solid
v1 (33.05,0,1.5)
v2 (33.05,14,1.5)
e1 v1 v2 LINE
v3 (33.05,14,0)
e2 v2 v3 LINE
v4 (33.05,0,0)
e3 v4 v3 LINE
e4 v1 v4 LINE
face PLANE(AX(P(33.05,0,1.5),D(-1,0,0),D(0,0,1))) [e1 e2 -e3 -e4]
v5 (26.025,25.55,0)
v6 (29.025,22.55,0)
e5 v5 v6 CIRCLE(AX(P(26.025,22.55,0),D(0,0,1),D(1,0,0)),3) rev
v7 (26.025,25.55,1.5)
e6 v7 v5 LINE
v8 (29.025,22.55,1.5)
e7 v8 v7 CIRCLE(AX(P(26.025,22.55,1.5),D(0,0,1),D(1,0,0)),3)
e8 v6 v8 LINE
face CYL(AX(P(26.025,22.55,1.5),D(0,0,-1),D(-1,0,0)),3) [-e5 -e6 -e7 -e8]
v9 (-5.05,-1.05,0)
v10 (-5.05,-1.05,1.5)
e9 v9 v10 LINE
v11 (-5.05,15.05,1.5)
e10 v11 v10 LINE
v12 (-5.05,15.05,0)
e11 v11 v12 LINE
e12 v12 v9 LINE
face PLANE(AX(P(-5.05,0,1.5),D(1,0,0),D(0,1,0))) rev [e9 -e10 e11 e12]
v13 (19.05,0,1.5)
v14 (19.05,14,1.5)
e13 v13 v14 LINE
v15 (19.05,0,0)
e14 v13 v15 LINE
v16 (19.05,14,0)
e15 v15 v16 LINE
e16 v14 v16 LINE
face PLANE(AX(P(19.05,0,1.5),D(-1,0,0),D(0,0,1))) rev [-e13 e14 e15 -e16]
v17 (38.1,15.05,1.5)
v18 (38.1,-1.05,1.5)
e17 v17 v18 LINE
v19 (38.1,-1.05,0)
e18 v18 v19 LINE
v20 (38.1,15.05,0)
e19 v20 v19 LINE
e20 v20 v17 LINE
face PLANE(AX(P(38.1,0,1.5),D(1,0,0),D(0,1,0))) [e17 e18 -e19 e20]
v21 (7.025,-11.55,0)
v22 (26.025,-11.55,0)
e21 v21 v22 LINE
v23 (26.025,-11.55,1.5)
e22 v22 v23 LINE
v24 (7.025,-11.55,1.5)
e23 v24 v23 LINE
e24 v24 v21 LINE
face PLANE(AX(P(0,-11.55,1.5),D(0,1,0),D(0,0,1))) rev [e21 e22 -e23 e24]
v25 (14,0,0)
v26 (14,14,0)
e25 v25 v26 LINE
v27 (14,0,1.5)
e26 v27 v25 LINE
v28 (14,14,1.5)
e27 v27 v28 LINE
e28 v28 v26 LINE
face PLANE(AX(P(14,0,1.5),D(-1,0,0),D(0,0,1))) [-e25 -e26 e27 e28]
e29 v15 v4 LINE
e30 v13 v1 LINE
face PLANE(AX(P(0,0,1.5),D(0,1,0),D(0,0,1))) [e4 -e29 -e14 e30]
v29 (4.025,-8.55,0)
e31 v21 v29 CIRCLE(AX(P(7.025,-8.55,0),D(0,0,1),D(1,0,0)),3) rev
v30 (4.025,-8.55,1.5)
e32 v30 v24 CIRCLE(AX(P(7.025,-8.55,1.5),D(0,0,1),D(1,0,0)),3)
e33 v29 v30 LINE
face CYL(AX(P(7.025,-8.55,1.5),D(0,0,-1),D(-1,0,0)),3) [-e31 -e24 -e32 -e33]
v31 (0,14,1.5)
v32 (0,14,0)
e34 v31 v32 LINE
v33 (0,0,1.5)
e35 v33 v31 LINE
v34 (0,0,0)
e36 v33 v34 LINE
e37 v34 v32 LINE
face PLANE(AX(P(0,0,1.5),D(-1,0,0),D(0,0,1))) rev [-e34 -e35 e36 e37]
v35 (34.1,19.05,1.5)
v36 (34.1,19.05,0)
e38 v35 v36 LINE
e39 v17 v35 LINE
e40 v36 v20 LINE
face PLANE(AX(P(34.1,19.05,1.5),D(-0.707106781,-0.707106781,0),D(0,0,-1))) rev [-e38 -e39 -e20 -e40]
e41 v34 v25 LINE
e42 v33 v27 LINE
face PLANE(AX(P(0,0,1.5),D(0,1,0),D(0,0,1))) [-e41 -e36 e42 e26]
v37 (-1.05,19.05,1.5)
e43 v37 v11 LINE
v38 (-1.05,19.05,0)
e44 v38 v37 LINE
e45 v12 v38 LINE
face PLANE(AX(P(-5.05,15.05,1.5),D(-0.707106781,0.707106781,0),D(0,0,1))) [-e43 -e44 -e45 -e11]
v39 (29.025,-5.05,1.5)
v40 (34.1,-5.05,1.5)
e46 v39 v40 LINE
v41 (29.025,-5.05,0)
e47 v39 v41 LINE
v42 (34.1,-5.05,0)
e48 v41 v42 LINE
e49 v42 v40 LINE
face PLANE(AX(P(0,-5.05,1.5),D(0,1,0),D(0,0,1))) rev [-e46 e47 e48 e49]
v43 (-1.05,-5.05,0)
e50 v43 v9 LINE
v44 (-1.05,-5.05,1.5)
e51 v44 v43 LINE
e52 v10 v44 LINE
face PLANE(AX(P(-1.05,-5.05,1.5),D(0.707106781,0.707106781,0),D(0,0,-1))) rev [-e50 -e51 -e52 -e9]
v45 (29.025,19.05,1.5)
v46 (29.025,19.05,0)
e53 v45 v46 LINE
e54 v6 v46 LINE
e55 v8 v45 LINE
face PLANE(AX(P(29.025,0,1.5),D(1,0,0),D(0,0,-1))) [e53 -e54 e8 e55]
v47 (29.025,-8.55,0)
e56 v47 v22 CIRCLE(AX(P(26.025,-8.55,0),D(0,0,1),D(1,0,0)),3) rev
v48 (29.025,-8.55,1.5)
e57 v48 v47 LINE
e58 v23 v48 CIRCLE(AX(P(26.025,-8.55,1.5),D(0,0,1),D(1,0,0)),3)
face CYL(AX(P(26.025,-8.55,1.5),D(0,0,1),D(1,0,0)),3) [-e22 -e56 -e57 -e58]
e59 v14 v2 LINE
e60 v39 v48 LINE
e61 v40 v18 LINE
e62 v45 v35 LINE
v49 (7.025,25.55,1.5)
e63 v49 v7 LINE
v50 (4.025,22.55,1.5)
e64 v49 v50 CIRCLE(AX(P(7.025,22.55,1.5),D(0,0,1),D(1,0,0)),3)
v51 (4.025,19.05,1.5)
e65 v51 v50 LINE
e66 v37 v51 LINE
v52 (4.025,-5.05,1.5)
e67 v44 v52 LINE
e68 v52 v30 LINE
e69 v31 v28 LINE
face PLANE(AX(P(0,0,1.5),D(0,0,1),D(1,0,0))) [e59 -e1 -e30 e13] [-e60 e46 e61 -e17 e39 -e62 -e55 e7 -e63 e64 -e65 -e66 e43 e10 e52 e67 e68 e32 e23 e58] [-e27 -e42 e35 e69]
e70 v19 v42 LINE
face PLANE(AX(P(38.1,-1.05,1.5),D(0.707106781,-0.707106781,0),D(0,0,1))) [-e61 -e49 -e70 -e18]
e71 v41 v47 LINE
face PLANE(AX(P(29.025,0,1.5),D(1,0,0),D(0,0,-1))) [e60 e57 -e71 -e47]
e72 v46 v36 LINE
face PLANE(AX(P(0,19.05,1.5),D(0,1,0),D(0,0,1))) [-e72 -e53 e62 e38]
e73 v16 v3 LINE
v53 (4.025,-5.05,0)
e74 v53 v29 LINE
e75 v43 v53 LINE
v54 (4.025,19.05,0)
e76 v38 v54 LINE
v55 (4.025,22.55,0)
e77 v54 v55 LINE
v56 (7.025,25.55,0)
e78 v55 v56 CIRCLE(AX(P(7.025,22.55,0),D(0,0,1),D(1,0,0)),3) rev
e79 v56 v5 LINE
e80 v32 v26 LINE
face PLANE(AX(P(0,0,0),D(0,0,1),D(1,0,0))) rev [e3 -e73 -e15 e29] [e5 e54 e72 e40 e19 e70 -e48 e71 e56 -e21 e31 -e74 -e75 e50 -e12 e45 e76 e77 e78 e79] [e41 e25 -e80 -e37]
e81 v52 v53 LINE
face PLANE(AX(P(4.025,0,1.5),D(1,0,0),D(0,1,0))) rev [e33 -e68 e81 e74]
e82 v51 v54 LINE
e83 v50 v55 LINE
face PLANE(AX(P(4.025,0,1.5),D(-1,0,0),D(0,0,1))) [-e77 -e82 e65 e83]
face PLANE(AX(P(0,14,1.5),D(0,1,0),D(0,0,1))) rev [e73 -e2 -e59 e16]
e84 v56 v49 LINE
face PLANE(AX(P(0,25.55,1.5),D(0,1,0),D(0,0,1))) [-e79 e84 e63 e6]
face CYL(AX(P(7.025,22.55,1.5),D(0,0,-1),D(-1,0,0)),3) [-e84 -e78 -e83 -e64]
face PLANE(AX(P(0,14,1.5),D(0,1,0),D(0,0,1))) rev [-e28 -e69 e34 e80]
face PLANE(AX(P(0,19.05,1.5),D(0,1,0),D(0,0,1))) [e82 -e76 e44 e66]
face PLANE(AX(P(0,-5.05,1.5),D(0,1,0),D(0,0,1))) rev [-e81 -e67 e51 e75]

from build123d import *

# Parameters (mm, degrees)
SKETCH1_W           = 25
SKETCH1_H           = 6.5
SKETCH1_W_2         = 43.15
SKETCH1_H_2         = 24.1
SKETCH1_W_3         = 14
SKETCH1_H_3         = 14
BOSS_EXTRUDE1_DEPTH = 1.5
FILLET1_R           = 3
CHAMFER1_SIZE       = 4


with BuildPart() as part:
    # Sketch1 → Boss-Extrude1 (new body)
    # profile 1 of 3: a face of its own
    with BuildSketch(Plane.XY):
        with Locations((16.525, 22.3)):
            Rectangle(SKETCH1_W, SKETCH1_H)
    # profile 2 of 3: a face of its own
    with BuildSketch(Plane.XY):
        with Locations((16.525, 7)):
            Rectangle(SKETCH1_W_2, SKETCH1_H_2)
        with Locations((26.05, 7)):
            Rectangle(SKETCH1_W_3, SKETCH1_H_3, mode=Mode.SUBTRACT)
        with Locations((7, 7)):
            Rectangle(SKETCH1_W_3, SKETCH1_H_3, mode=Mode.SUBTRACT)
    # profile 3 of 3: a face of its own
    with BuildSketch(Plane.XY):
        with Locations((16.525, -8.3)):
            Rectangle(SKETCH1_W, SKETCH1_H)
    extrude(amount=BOSS_EXTRUDE1_DEPTH)

    # Fillet1
    fillet1_edges = [part.edges().sort_by_distance(p)[0] for p in [
        (29.025, -11.55, 0.75),
        (4.025, -11.55, 0.75),
        (4.025, 25.55, 0.75),
        (29.025, 25.55, 0.75),
    ]]
    fillet(fillet1_edges, radius=FILLET1_R)

    # Chamfer1
    chamfer1_edges = [part.edges().sort_by_distance(p)[0] for p in [
        (38.1, 19.05, 0.75),
        (38.1, -5.05, 0.75),
        (-5.05, -5.05, 0.75),
        (-5.05, 19.05, 0.75),
    ]]
    chamfer(chamfer1_edges, length=CHAMFER1_SIZE)


solid = part.part
